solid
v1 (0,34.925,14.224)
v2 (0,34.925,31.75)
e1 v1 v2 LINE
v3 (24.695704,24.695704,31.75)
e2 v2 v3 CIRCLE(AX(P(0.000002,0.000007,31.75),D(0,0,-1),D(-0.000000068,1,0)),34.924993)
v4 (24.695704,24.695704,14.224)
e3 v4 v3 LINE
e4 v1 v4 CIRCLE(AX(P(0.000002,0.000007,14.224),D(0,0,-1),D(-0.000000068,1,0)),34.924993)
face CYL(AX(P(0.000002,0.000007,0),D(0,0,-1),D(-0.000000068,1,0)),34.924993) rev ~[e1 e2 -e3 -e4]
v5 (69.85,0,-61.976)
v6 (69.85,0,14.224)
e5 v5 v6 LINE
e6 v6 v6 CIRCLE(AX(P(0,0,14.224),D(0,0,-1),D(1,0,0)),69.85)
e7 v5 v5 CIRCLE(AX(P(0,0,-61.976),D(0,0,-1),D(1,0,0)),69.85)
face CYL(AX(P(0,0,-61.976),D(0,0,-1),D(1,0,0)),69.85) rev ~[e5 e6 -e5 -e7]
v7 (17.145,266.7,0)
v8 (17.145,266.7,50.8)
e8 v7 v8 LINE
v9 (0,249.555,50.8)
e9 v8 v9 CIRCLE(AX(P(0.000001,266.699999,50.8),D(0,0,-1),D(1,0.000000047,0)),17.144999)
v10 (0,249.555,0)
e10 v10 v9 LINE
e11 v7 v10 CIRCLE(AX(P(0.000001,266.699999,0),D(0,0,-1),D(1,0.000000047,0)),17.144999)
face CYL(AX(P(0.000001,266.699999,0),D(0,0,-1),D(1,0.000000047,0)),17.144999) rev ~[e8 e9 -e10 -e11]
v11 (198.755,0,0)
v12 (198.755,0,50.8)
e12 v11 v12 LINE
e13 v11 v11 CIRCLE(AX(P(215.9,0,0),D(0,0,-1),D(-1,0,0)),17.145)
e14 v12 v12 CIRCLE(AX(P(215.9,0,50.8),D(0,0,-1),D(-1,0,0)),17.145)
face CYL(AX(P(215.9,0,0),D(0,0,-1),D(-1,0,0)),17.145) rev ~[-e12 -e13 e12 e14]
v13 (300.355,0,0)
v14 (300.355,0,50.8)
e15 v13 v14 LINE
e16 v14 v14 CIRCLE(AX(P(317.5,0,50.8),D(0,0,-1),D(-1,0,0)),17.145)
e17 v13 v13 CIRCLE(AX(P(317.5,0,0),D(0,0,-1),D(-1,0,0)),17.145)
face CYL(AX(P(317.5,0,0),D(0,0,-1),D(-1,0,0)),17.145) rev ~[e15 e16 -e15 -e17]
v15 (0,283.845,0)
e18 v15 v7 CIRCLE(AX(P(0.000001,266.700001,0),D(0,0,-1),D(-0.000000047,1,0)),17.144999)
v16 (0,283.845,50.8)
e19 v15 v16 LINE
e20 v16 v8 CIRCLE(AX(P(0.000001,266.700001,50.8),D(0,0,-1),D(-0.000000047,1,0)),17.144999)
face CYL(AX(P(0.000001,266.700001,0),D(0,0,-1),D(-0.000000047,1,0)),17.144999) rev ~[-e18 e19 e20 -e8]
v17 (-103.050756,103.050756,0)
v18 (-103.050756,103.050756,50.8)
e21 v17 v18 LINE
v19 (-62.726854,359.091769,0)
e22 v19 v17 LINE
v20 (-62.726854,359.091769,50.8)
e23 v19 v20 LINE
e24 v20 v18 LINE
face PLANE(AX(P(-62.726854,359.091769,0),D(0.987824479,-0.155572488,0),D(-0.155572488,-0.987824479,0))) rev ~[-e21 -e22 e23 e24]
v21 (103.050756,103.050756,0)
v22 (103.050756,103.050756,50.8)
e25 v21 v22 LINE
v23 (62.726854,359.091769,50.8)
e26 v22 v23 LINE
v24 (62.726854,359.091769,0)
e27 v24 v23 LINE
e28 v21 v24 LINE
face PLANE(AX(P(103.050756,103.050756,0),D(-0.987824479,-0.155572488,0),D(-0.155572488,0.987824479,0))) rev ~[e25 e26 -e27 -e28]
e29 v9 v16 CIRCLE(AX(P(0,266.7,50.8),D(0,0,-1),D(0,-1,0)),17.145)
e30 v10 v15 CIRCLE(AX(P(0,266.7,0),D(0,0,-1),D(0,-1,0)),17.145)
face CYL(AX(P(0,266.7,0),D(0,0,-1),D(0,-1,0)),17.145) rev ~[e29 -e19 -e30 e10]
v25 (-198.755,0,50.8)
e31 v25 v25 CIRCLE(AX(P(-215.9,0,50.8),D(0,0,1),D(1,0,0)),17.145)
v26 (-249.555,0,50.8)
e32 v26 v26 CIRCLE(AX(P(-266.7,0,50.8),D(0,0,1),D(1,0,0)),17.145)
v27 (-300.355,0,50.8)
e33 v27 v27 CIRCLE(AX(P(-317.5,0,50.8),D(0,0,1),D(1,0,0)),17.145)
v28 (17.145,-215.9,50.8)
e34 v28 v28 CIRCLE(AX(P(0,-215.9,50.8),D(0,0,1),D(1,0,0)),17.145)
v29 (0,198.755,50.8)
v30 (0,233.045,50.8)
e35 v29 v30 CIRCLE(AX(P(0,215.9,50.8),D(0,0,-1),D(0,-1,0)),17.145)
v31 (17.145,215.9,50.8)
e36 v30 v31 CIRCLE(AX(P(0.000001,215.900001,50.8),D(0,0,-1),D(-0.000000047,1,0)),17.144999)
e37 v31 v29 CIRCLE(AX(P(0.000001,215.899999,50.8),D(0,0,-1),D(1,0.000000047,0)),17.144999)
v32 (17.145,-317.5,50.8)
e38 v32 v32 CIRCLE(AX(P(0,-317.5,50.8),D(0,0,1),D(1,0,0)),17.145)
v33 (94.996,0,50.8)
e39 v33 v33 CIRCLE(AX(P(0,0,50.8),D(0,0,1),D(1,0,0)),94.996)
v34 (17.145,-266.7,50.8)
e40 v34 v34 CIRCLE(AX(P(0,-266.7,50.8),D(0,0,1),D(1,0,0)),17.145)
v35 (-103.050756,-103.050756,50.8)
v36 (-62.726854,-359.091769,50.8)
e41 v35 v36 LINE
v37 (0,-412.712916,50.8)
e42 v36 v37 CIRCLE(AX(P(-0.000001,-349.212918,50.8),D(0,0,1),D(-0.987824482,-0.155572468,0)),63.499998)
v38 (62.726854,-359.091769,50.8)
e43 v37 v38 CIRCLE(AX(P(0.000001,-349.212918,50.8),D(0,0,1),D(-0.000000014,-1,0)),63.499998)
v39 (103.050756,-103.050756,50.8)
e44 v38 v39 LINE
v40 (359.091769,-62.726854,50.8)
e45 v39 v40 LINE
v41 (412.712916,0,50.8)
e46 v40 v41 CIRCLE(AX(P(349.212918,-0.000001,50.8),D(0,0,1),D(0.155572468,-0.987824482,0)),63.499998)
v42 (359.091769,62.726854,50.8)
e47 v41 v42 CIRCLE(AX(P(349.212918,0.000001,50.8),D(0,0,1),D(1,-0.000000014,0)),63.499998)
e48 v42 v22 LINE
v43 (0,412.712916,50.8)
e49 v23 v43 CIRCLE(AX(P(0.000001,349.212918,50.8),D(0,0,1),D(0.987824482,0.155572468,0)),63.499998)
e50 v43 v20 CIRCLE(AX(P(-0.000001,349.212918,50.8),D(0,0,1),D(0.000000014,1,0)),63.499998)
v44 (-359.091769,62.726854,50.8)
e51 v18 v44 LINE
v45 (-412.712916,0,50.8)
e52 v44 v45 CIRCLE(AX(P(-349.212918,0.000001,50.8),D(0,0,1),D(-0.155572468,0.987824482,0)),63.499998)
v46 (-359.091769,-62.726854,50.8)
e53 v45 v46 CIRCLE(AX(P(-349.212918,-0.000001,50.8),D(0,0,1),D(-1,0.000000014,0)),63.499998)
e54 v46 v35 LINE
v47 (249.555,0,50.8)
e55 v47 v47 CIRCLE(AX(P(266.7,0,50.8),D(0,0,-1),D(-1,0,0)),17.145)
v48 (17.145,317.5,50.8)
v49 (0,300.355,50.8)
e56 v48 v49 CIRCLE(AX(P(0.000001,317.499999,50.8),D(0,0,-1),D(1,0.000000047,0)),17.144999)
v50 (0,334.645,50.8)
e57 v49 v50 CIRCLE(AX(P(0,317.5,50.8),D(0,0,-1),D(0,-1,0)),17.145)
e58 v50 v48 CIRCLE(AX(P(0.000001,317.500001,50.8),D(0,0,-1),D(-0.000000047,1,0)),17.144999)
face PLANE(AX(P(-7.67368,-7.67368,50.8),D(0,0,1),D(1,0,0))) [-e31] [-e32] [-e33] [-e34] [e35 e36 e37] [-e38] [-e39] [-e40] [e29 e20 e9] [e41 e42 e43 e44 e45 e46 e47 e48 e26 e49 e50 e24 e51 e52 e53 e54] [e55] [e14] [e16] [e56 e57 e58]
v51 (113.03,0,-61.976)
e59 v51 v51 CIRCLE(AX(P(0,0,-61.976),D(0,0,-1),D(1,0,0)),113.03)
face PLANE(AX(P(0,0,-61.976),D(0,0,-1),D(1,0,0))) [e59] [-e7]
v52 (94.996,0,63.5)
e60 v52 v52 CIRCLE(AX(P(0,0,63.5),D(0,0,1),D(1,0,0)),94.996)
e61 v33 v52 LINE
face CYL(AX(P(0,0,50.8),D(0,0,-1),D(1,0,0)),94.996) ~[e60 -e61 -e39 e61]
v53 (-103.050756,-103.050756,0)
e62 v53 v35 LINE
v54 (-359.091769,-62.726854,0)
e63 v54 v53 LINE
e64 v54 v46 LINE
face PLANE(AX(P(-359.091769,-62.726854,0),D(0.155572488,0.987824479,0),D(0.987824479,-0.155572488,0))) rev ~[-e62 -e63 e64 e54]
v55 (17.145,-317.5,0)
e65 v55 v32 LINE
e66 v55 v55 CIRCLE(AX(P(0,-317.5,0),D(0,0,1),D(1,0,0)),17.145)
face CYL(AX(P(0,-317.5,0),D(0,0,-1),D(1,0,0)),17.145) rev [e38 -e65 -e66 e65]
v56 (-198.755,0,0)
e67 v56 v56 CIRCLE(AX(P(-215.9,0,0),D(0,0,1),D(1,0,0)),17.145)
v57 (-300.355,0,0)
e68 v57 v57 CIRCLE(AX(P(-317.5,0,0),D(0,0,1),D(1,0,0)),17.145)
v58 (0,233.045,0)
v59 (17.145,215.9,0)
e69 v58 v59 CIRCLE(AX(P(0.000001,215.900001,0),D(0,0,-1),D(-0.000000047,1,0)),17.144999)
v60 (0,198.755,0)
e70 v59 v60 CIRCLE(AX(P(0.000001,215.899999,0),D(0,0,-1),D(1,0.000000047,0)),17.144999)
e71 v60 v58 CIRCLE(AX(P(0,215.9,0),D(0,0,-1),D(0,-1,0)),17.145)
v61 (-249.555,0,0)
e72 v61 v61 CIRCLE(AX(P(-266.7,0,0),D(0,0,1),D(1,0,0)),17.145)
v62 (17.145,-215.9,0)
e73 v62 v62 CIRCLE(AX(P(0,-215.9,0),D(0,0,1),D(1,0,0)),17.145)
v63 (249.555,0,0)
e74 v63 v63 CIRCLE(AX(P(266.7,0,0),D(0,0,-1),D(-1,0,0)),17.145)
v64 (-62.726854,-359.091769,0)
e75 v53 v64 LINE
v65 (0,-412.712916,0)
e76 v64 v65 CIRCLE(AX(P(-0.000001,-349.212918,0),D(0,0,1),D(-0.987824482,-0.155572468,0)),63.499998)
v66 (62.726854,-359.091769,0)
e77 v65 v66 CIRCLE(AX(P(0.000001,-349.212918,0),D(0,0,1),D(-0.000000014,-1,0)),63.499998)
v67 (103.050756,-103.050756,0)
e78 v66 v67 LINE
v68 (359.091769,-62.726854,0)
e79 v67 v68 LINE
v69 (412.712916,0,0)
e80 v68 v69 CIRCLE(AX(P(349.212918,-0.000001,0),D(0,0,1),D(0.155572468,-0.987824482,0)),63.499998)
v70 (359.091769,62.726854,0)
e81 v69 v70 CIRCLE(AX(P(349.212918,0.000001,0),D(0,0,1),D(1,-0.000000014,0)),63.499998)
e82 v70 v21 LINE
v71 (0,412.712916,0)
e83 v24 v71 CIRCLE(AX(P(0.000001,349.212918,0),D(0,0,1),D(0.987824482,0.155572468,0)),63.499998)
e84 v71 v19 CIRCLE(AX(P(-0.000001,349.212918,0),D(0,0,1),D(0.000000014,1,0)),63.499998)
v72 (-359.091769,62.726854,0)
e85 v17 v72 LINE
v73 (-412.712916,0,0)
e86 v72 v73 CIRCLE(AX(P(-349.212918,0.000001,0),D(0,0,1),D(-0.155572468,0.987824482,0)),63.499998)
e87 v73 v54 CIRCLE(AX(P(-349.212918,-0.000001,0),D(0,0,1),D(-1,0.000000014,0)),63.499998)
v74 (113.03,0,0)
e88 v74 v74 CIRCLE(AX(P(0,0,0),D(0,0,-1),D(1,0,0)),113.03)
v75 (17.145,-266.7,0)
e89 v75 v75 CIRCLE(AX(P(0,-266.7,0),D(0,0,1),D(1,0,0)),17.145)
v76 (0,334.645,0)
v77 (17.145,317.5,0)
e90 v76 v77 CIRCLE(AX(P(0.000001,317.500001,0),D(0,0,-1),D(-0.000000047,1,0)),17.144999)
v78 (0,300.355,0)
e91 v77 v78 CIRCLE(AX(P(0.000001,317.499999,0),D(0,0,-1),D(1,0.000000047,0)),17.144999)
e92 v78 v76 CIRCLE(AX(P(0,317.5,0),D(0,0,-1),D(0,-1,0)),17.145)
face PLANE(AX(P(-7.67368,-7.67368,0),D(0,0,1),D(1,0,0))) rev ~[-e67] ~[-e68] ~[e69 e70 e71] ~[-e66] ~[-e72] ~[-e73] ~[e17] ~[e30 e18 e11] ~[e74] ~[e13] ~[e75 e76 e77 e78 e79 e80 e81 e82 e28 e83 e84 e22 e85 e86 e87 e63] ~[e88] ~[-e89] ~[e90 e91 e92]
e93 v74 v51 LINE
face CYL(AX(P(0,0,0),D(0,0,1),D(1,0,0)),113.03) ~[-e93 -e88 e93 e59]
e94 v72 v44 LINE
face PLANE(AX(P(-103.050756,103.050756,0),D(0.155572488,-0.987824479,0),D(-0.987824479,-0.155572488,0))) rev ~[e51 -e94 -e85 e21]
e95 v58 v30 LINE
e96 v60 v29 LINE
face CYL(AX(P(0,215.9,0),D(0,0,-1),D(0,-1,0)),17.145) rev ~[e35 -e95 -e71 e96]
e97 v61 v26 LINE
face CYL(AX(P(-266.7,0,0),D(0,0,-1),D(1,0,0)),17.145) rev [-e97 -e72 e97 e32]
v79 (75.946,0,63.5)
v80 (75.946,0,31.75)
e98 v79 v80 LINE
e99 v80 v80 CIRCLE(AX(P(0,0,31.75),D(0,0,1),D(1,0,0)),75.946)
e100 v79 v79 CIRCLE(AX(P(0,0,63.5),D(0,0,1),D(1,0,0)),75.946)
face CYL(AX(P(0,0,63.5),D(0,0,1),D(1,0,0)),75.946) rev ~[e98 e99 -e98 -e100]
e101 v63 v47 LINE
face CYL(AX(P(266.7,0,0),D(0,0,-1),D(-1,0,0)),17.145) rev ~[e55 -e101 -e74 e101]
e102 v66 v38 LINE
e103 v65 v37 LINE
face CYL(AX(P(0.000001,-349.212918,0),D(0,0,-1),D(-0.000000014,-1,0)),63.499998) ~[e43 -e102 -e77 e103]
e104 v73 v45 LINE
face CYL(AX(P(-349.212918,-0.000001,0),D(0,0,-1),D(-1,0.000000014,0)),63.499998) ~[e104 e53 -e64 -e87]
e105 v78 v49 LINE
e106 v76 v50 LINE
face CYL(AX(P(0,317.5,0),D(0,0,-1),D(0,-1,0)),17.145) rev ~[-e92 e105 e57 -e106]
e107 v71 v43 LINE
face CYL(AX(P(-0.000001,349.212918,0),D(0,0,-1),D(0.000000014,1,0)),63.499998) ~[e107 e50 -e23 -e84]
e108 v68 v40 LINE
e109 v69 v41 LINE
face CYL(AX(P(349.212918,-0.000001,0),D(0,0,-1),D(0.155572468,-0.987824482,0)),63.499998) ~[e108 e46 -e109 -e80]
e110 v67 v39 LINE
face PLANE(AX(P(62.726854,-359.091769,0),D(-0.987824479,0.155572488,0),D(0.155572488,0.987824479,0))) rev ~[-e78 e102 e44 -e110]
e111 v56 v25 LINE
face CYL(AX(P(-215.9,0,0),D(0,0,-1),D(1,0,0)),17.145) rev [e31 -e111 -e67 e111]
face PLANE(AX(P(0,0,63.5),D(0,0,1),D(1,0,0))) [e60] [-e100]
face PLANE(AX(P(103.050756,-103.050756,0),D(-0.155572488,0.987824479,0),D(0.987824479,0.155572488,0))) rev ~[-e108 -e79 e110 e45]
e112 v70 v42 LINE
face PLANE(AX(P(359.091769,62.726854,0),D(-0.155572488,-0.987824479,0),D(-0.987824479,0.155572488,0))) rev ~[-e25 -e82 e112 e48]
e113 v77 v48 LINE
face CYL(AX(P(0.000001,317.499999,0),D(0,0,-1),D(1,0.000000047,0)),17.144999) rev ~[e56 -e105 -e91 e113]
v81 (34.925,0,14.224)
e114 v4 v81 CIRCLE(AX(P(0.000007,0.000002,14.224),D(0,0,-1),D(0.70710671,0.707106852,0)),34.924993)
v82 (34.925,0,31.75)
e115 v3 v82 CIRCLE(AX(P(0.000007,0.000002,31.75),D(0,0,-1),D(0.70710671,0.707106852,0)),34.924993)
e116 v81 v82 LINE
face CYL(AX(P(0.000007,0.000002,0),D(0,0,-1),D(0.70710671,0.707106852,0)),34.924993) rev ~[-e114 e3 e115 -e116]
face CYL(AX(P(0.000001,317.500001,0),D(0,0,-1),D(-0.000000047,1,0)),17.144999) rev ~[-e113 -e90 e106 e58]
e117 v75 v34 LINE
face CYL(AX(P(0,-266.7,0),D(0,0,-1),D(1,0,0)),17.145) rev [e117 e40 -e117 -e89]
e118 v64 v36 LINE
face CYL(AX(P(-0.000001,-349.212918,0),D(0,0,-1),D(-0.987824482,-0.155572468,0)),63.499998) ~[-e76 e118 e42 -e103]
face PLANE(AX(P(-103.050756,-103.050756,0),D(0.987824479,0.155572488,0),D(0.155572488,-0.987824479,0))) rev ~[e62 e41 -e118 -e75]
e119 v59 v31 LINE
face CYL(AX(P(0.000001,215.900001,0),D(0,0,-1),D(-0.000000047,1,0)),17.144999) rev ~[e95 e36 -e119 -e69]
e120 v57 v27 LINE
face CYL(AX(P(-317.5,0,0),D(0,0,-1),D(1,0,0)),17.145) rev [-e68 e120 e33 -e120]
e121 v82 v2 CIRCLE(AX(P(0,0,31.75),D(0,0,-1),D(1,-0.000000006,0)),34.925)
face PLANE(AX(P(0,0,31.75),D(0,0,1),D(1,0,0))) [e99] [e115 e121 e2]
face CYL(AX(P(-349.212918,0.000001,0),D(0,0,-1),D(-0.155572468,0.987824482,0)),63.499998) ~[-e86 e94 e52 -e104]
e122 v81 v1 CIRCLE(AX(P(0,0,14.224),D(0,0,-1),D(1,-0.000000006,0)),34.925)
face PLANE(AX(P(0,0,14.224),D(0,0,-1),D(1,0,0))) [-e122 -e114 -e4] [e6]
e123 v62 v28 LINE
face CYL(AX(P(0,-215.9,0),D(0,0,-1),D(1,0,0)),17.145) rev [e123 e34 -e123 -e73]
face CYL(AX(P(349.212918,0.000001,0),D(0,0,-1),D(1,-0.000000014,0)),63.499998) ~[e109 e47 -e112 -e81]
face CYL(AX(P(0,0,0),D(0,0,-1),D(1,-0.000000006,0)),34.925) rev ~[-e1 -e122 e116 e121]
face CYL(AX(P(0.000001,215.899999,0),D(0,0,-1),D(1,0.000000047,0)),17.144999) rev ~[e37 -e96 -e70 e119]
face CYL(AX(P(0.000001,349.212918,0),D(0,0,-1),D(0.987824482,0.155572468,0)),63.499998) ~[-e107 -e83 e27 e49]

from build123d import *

# Parameters (mm, degrees)
F0_R     = 17.145
F1_DEPTH = 50.8
F2_R     = 94.996
F2_R_2   = 75.946
F3_DEPTH = 12.7
F4_R     = 75.946
F5_DEPTH = 31.75
F6_R     = 113.03
F6_R_2   = 69.85
F7_DEPTH = 61.976
F8_R     = 69.85
F9_DEPTH = 76.2


with BuildPart() as f1:
    # F0 (on Top) → F1 (new body)
    with BuildSketch(Plane.XY):
        with BuildLine():
            ThreePointArc((34.925, 0), (-24.695704, -24.695704), (0, 34.925))
            Line((0, 34.925), (0, 198.755))
            ThreePointArc((0, 198.755), (-17.145, 215.9), (0, 233.045))
            Line((0, 233.045), (0, 249.555))
            ThreePointArc((0, 249.555), (-17.145, 266.7), (0, 283.845))
            Line((0, 283.845), (0, 300.355))
            ThreePointArc((0, 300.355), (-17.145, 317.5), (0, 334.645))
            Line((0, 334.645), (0, 412.712916))
            ThreePointArc((0, 412.712916), (-41.261016, 397.480696), (-62.726854, 359.091769))
            Line((-62.726854, 359.091769), (-103.050756, 103.050756))
            Line((-103.050756, 103.050756), (-359.091769, 62.726854))
            ThreePointArc((-359.091769, 62.726854), (-397.480696, 41.261016), (-412.712916, 0))
            ThreePointArc((-412.712916, 0), (-397.480696, -41.261016), (-359.091769, -62.726854))
            Line((-359.091769, -62.726854), (-103.050756, -103.050756))
            Line((-103.050756, -103.050756), (-62.726854, -359.091769))
            ThreePointArc((-62.726854, -359.091769), (-41.261016, -397.480696), (0, -412.712916))
            ThreePointArc((0, -412.712916), (41.261016, -397.480696), (62.726854, -359.091769))
            Line((62.726854, -359.091769), (103.050756, -103.050756))
            Line((103.050756, -103.050756), (359.091769, -62.726854))
            ThreePointArc((359.091769, -62.726854), (397.480696, -41.261016), (412.712916, 0))
            Line((412.712916, 0), (334.645, 0))
            ThreePointArc((334.645, 0), (317.5, -17.145), (300.355, 0))
            Line((300.355, 0), (283.845, 0))
            ThreePointArc((283.845, 0), (266.7, -17.145), (249.555, 0))
            Line((249.555, 0), (233.045, 0))
            ThreePointArc((233.045, 0), (215.9, -17.145), (198.755, 0))
            Line((198.755, 0), (34.925, 0))
        make_face()
        with Locations((0, -317.5)):
            Circle(F0_R, mode=Mode.SUBTRACT)
        with Locations((0, -266.7)):
            Circle(F0_R, mode=Mode.SUBTRACT)
        with Locations((0, -215.9)):
            Circle(F0_R, mode=Mode.SUBTRACT)
        with Locations((-317.5, 0)):
            Circle(F0_R, mode=Mode.SUBTRACT)
        with Locations((-266.7, 0)):
            Circle(F0_R, mode=Mode.SUBTRACT)
        with Locations((-215.9, 0)):
            Circle(F0_R, mode=Mode.SUBTRACT)
        with BuildLine():
            Line((0, 198.755), (0, 34.925))
            ThreePointArc((0, 34.925), (13.365219, 32.266493), (24.695704, 24.695704))
            Line((24.695704, 24.695704), (103.050756, 103.050756))
            Line((103.050756, 103.050756), (62.726854, 359.091769))
            ThreePointArc((62.726854, 359.091769), (41.261016, 397.480696), (0, 412.712916))
            Line((0, 412.712916), (0, 334.645))
            ThreePointArc((0, 334.645), (12.123346, 329.623346), (17.145, 317.5))
            ThreePointArc((17.145, 317.5), (12.123346, 305.376654), (0, 300.355))
            Line((0, 300.355), (0, 283.845))
            ThreePointArc((0, 283.845), (12.123346, 278.823346), (17.145, 266.7))
            ThreePointArc((17.145, 266.7), (12.123346, 254.576654), (0, 249.555))
            Line((0, 249.555), (0, 233.045))
            ThreePointArc((0, 233.045), (12.123346, 228.023346), (17.145, 215.9))
            ThreePointArc((17.145, 215.9), (12.123346, 203.776654), (0, 198.755))
        make_face()
        with BuildLine():
            Line((103.050756, 103.050756), (24.695704, 24.695704))
            ThreePointArc((24.695704, 24.695704), (32.266493, 13.365219), (34.925, 0))
            Line((34.925, 0), (198.755, 0))
            ThreePointArc((198.755, 0), (215.9, 17.145), (233.045, 0))
            Line((233.045, 0), (249.555, 0))
            ThreePointArc((249.555, 0), (266.7, 17.145), (283.845, 0))
            Line((283.845, 0), (300.355, 0))
            ThreePointArc((300.355, 0), (317.5, 17.145), (334.645, 0))
            Line((334.645, 0), (412.712916, 0))
            ThreePointArc((412.712916, 0), (397.480696, 41.261016), (359.091769, 62.726854))
            Line((359.091769, 62.726854), (103.050756, 103.050756))
        make_face()
    extrude(amount=F1_DEPTH)

    # F2 (on face) → F3 (join)
    with BuildSketch(Plane.XY.offset(50.8)):
        Circle(F2_R)
        Circle(F2_R_2, mode=Mode.SUBTRACT)
    extrude(amount=F3_DEPTH)

    # F4 (on face) → F5 (cut)
    with BuildSketch(Plane.XY.offset(63.5)):
        Circle(F4_R)
    extrude(amount=-F5_DEPTH, mode=Mode.SUBTRACT)

    # F6 (on face) → F7 (join)
    with BuildSketch(Plane(origin=(0, 0, 0), x_dir=(1, 0, 0), z_dir=(0, 0, -1))):
        Circle(F6_R)
        Circle(F6_R_2, mode=Mode.SUBTRACT)
    extrude(amount=F7_DEPTH)

    # F8 (on face) → F9 (cut)
    with BuildSketch(Plane(origin=(0, 0, -61.976), x_dir=(1, 0, 0), z_dir=(0, 0, -1))):
        Circle(F8_R)
    extrude(amount=-F9_DEPTH, mode=Mode.SUBTRACT)


solid = f1.part
